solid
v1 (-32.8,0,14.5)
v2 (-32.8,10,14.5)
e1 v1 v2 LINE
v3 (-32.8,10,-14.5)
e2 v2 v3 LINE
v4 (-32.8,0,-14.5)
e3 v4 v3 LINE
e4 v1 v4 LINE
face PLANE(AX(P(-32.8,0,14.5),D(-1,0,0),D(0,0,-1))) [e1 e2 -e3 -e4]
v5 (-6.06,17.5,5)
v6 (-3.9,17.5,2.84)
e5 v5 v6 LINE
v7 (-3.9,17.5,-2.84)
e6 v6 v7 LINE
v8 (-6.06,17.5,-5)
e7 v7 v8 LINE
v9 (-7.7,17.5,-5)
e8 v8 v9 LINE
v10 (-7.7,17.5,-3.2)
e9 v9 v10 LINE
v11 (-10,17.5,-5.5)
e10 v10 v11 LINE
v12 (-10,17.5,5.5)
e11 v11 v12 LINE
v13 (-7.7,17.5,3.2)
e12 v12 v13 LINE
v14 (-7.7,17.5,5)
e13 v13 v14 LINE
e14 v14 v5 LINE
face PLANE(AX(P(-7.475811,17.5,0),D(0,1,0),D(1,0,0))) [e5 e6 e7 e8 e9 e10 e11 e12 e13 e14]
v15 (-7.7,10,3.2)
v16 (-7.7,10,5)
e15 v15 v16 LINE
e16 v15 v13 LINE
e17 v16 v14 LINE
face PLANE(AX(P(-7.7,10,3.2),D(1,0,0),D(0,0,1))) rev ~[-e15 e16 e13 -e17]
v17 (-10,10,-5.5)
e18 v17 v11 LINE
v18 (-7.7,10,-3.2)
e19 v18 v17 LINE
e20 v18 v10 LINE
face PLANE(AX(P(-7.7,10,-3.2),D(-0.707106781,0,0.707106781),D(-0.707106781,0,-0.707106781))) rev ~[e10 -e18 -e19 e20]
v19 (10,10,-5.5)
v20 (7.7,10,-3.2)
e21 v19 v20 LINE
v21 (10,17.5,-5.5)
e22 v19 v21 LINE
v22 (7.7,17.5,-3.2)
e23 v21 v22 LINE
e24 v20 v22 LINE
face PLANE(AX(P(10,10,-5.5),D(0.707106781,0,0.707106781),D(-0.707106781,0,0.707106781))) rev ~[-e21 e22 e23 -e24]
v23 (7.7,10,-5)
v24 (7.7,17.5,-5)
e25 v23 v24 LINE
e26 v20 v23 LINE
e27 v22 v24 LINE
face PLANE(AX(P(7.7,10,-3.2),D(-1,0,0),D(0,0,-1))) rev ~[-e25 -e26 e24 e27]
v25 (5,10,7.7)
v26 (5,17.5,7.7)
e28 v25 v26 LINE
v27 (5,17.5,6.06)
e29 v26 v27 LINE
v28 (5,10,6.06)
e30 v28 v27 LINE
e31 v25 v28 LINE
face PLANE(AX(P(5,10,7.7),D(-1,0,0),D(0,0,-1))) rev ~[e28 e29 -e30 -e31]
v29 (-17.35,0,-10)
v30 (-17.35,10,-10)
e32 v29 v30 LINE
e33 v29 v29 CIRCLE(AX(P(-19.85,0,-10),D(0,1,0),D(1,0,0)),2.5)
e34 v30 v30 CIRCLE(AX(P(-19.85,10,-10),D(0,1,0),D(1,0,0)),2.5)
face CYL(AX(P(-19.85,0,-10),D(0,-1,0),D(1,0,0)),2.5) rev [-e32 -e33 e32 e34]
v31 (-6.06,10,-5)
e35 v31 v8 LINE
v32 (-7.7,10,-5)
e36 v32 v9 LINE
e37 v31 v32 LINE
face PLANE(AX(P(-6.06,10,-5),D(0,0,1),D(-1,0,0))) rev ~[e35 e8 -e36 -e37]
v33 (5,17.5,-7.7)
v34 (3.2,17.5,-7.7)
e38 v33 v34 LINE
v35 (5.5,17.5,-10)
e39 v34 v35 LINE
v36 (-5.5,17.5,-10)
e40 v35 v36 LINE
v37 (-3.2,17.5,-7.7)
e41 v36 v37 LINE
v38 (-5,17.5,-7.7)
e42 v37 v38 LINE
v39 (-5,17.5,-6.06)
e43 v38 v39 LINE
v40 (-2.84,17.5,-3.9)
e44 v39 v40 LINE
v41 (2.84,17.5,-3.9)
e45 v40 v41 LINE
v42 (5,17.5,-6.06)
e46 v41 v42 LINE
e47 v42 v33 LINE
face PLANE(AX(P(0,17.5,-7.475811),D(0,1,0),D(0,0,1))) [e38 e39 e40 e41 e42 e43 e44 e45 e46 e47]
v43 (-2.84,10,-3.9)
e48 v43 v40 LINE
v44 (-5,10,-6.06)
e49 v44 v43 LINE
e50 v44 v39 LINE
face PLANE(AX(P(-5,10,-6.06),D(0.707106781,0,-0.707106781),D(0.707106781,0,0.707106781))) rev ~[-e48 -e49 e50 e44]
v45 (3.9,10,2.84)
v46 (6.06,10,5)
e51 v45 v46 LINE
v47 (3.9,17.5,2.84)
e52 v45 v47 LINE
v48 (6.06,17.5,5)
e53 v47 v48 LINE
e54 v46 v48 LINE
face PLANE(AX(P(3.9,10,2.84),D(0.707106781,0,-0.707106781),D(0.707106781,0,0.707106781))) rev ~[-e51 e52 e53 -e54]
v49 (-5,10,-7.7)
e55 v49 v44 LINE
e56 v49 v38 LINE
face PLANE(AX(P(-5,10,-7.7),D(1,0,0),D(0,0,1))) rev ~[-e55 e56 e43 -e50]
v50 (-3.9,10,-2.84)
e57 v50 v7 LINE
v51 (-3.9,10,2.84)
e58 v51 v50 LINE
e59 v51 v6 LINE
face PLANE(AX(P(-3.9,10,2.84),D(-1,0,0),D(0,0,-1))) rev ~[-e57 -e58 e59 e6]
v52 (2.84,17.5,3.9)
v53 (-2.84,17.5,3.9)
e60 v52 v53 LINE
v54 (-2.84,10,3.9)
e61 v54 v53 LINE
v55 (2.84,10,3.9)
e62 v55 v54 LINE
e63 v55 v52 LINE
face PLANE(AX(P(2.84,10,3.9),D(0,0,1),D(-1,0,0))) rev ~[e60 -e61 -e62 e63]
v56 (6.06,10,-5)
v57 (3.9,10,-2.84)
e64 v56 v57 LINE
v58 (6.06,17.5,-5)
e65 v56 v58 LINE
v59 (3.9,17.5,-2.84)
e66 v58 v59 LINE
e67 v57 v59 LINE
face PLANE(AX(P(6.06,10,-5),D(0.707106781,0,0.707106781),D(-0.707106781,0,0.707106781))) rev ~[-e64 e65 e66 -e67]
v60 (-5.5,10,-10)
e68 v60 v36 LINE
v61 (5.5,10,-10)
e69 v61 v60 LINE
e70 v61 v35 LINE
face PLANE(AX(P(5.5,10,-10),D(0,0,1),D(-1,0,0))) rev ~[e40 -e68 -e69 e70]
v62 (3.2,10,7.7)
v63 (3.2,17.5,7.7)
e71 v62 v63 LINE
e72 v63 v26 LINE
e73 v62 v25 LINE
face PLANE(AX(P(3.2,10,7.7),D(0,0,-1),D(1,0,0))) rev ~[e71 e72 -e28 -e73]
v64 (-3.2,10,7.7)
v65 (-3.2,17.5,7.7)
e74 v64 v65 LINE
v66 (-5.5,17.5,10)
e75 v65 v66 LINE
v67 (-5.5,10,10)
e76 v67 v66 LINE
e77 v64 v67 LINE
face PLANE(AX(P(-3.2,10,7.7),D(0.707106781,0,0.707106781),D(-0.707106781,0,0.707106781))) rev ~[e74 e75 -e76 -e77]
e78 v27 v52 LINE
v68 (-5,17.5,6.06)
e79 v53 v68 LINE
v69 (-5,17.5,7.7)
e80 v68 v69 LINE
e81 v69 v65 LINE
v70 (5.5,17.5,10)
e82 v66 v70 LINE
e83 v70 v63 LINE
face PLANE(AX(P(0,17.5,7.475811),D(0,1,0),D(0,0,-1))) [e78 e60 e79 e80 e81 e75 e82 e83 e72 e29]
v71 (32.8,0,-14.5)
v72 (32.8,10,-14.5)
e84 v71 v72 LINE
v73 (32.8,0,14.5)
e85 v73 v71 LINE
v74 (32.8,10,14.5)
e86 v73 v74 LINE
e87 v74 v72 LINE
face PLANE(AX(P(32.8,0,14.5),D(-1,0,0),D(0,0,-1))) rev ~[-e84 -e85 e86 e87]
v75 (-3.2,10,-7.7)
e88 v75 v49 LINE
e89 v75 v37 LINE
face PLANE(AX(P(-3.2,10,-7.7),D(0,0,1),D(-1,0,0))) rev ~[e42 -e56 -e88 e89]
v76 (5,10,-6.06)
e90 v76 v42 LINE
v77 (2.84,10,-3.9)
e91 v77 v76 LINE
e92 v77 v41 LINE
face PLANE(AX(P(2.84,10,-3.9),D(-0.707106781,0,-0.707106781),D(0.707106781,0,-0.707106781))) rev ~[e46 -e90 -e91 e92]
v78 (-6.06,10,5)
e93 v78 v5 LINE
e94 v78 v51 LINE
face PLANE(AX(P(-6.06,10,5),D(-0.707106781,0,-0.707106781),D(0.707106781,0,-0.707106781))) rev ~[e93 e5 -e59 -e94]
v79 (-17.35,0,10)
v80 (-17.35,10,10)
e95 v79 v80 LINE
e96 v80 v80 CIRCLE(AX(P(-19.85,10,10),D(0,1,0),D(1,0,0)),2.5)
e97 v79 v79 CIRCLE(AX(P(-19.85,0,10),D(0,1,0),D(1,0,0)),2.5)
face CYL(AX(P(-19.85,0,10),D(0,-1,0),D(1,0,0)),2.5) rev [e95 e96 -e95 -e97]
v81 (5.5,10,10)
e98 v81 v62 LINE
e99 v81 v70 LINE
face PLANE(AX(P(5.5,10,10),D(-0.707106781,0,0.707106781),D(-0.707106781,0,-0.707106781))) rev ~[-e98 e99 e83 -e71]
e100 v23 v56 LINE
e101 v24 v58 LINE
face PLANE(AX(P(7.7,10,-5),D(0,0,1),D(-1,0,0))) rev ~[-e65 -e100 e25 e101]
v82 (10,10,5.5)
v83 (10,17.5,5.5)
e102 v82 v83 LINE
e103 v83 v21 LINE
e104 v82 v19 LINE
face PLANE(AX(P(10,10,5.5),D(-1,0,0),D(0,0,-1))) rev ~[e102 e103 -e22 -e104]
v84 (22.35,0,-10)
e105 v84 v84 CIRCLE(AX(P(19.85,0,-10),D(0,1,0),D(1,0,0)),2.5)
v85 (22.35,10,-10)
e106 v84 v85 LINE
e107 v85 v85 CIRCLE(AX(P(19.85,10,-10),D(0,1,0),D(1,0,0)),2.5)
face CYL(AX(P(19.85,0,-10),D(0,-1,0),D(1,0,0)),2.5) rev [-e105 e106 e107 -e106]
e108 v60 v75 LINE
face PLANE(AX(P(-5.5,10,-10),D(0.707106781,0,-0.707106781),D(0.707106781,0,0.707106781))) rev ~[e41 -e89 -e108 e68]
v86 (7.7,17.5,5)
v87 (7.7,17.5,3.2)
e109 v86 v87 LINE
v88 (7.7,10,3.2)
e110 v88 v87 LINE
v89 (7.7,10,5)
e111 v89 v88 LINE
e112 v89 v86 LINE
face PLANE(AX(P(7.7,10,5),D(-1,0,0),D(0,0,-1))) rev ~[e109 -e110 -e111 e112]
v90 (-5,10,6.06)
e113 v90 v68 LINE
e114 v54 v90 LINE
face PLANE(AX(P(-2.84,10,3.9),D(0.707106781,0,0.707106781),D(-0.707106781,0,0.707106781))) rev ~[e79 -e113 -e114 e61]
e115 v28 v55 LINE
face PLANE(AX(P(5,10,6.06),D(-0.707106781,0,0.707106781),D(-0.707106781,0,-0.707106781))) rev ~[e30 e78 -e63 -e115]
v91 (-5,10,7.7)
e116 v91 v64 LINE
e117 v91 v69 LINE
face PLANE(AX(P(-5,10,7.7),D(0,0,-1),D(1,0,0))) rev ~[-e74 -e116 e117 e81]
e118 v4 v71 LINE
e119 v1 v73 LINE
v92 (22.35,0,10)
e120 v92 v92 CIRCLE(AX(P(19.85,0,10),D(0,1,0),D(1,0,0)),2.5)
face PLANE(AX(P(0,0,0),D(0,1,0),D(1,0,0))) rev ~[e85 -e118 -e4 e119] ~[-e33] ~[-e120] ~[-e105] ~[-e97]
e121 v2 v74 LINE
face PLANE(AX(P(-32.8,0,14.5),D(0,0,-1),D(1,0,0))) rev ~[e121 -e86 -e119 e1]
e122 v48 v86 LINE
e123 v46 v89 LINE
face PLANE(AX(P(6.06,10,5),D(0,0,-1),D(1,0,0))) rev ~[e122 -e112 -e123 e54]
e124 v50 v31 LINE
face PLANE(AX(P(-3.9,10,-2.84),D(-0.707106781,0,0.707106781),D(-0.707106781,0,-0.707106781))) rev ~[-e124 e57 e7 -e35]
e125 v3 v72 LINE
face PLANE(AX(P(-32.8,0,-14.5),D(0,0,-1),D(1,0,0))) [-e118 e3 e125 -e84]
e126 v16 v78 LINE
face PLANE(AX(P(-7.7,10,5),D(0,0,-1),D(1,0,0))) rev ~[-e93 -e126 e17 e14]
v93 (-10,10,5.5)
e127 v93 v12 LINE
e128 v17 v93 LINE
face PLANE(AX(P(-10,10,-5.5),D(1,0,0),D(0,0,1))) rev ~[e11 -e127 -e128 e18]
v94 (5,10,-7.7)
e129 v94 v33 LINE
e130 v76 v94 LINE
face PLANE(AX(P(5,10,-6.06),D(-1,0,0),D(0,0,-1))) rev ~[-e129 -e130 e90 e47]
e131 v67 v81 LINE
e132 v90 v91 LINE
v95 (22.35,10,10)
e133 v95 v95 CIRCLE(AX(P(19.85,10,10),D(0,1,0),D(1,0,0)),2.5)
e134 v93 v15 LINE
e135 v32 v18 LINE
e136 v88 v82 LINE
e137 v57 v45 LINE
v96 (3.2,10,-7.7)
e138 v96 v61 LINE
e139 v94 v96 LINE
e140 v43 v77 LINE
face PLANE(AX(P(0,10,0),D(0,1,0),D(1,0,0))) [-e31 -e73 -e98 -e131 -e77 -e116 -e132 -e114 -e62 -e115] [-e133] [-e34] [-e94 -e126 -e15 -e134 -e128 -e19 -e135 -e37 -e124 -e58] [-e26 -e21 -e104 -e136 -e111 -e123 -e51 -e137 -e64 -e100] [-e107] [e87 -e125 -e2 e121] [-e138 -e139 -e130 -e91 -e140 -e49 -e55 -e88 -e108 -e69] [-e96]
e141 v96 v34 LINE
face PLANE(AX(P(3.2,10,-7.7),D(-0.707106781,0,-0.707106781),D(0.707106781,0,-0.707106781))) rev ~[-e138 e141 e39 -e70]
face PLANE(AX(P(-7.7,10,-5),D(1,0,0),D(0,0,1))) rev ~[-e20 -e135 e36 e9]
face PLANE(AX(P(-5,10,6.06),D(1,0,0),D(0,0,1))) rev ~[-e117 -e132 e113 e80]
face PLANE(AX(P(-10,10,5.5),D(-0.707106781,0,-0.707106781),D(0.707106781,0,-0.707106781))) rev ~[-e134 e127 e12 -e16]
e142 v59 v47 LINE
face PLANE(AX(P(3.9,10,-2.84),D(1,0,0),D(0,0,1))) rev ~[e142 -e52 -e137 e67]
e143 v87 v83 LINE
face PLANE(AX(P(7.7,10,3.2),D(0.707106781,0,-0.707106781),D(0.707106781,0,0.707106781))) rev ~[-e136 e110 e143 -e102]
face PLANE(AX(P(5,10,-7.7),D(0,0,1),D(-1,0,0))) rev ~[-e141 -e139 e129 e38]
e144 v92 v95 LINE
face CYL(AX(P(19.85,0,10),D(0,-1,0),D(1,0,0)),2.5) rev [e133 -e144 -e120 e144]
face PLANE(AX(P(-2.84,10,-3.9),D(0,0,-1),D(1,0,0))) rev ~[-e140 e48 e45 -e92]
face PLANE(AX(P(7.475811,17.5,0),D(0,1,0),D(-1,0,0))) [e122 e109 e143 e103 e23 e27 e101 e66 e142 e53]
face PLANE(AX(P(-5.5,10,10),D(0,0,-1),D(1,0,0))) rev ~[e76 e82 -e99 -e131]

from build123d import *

# Parameters (mm, degrees)
SKETCH1_W           = 65.6
SKETCH1_H           = 29
SKETCH1_R           = 2.5
BOSS_EXTRUDE1_DEPTH = 10
BOSS_EXTRUDE2_DEPTH = 7.5
CIRPATTERN1_COUNT   = 4


with BuildPart() as part:
    # Sketch1 → Boss-Extrude1 (new body)
    with BuildSketch(Plane(origin=(0, 0, 0), x_dir=(1, 0, 0), z_dir=(0, 1, 0))):
        Rectangle(SKETCH1_W, SKETCH1_H)
        with Locations((-19.85, 10)):
            Circle(SKETCH1_R, mode=Mode.SUBTRACT)
        with Locations((19.85, 10)):
            Circle(SKETCH1_R, mode=Mode.SUBTRACT)
        with Locations((19.85, -10)):
            Circle(SKETCH1_R, mode=Mode.SUBTRACT)
        with Locations((-19.85, -10)):
            Circle(SKETCH1_R, mode=Mode.SUBTRACT)
    extrude(amount=BOSS_EXTRUDE1_DEPTH)

    # Sketch2 → Boss-Extrude2 (add)
    with BuildSketch(Plane(origin=(0, 10, 0), x_dir=(1, 0, 0), z_dir=(0, 1, 0))):
        Polygon((-10, 5.5), (-10, -5.5), (-7.7, -3.2), (-7.7, -5), (-6.06, -5), (-3.9, -2.84), (-3.9, 2.84), (-6.06, 5), (-7.7, 5), (-7.7, 3.2), align=None)
    boss_extrude2 = extrude(amount=BOSS_EXTRUDE2_DEPTH)

    # CirPattern1: Boss-Extrude2 ×4 about axis
    cirpattern1_axis = Axis((0, -0.5, 0), (0, 1, 0))
    for i in range(1, CIRPATTERN1_COUNT):
        add(boss_extrude2.rotate(cirpattern1_axis, i * 360 / CIRPATTERN1_COUNT))


solid = part.part
